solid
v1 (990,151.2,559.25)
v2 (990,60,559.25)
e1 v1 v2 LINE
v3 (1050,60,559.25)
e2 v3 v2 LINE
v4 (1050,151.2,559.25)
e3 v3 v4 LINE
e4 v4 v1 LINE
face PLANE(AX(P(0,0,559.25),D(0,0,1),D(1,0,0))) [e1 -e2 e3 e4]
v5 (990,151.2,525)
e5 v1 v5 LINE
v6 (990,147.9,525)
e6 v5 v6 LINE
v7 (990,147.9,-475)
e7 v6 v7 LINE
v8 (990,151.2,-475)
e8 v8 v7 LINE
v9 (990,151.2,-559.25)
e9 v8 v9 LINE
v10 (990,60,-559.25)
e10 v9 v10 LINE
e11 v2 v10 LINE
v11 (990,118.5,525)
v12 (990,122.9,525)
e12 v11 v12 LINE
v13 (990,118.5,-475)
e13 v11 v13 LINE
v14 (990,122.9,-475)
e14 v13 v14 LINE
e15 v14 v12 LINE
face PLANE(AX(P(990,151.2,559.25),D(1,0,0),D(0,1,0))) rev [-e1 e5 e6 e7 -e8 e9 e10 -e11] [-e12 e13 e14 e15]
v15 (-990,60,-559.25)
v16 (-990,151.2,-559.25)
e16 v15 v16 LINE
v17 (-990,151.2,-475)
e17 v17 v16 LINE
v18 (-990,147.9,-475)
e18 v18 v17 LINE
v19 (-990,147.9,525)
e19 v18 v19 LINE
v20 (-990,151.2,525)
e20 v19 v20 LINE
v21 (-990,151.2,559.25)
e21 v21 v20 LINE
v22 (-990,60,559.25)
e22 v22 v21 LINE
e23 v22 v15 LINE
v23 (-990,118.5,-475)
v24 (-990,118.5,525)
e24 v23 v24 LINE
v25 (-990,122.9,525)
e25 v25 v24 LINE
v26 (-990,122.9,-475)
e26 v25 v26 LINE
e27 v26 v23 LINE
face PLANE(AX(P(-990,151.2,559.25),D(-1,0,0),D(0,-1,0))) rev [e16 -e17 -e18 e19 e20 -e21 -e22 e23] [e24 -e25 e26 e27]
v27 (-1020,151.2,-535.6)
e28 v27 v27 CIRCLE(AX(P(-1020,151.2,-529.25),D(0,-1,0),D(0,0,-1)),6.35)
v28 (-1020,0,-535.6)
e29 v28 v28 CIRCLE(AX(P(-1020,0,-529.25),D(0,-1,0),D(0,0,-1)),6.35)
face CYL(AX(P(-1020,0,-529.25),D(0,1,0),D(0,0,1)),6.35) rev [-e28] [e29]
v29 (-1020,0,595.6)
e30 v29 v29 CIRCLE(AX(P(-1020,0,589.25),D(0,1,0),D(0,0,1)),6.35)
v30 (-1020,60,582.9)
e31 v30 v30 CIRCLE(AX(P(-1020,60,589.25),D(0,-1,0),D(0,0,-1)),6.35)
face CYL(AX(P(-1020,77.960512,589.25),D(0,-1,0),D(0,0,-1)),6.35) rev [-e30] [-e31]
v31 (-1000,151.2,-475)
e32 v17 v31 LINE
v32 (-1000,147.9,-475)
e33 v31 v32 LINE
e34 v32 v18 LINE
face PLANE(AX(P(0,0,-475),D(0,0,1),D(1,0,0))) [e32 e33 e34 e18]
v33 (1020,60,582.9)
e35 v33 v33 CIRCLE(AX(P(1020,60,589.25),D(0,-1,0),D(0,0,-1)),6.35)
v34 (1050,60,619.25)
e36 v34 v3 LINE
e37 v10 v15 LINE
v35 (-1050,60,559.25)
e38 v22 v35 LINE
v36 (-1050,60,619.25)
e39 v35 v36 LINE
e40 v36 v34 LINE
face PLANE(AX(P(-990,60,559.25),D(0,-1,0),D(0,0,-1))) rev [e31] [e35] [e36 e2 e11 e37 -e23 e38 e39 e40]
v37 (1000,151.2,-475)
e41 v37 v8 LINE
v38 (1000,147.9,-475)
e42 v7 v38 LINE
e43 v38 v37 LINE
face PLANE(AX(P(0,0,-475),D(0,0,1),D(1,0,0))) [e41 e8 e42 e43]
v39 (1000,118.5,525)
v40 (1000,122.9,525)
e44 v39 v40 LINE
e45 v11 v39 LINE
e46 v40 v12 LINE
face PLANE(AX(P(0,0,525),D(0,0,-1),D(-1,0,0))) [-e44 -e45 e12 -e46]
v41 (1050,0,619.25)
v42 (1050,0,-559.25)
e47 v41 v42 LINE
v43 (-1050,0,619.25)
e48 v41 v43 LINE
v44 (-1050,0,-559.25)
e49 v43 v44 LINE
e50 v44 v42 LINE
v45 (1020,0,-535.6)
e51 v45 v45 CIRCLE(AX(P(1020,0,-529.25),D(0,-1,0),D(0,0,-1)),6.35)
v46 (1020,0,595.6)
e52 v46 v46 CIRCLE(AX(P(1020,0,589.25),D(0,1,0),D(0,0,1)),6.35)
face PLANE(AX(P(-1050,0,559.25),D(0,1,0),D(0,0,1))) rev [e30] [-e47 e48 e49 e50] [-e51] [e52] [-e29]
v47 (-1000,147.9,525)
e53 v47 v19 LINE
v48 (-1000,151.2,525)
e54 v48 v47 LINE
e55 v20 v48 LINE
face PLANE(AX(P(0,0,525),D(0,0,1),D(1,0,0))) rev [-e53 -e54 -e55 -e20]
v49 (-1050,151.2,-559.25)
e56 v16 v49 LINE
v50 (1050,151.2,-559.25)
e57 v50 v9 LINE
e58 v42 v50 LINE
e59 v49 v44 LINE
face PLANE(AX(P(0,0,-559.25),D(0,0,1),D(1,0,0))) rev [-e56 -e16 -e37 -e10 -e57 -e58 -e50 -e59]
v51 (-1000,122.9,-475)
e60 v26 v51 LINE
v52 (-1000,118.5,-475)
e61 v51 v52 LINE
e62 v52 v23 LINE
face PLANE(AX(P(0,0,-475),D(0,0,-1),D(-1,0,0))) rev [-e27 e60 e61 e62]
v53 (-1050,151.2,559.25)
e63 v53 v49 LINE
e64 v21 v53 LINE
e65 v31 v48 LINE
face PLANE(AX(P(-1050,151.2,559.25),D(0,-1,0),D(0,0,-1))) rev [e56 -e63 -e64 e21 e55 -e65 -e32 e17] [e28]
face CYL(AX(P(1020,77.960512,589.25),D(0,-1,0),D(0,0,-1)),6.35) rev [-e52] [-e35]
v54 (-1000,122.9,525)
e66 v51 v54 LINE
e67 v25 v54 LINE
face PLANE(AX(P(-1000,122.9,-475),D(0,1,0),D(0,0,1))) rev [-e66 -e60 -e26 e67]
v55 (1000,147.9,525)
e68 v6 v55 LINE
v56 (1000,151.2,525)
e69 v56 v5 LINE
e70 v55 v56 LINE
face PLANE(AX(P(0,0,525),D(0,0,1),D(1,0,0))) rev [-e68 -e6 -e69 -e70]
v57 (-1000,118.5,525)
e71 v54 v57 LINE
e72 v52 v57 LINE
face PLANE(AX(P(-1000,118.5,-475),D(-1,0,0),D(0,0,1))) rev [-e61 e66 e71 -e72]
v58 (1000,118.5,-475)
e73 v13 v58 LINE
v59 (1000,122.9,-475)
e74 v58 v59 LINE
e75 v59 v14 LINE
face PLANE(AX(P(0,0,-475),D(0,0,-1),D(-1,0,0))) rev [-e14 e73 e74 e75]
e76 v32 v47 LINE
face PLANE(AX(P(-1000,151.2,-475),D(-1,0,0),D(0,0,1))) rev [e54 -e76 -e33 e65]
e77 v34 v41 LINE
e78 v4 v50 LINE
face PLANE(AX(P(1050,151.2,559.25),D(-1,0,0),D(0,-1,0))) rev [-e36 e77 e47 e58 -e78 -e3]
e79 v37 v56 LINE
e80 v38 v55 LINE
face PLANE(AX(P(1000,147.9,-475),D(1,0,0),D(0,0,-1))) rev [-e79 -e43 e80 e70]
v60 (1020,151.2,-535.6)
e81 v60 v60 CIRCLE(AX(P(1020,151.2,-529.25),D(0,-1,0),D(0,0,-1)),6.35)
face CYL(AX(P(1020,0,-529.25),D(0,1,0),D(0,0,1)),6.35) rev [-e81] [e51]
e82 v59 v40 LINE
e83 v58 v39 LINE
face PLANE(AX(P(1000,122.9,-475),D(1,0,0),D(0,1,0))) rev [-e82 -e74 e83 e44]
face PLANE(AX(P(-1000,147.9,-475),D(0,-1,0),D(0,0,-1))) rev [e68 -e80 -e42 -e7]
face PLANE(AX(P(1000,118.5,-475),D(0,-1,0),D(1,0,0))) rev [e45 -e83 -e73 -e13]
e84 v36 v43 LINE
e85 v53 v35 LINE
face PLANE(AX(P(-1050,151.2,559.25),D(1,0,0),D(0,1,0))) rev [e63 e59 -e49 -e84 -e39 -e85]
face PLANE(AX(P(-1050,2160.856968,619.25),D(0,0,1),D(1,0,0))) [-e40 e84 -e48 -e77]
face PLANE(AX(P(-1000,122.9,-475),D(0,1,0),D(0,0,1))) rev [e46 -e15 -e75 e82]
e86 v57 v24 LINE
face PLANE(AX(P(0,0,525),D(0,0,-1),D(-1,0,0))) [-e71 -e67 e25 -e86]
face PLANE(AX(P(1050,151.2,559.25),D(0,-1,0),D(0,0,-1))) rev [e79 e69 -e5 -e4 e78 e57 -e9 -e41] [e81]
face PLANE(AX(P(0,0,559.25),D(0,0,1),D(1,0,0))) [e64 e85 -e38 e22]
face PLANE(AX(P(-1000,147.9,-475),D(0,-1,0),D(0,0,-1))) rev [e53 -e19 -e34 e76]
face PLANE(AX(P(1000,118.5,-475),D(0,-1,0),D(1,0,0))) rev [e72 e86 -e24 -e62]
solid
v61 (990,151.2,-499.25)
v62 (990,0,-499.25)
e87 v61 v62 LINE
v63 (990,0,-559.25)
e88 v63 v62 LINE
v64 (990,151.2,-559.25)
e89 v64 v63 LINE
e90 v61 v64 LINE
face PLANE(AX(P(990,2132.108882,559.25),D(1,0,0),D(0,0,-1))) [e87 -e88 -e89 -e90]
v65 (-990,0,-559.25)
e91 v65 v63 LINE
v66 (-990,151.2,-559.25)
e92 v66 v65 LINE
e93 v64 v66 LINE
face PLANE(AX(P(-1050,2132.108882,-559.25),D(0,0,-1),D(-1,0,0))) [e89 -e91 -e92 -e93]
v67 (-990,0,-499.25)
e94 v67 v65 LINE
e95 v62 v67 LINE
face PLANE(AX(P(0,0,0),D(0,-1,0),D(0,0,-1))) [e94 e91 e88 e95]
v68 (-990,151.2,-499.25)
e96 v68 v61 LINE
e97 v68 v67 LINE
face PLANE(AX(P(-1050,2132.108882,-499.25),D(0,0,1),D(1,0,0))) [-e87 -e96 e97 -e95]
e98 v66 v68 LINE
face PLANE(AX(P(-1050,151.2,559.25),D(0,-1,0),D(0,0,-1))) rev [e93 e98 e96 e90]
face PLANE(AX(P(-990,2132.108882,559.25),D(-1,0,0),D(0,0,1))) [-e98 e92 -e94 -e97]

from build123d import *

# Parameters (mm, degrees)
BOSS_EXTRUDE1_DEPTH = 559.25
SKETCH4_W           = 1980
SKETCH4_H           = 60
BOSS_EXTRUDE2_DEPTH = 151.2
CUT_EXTRUDE2_START  = 25
SKETCH6_W           = 2000
SKETCH6_H           = 3.3
SKETCH6_H_2         = 4.4
CUT_EXTRUDE2_DEPTH  = 500
CUT_EXTRUDE3_START  = 151.2
SKETCH7_R           = 6.35
CUT_EXTRUDE3_DEPTH  = 1351.417245748
SKETCH8_W           = 2100
SKETCH8_H           = 60
BOSS_EXTRUDE3_DEPTH = 60
SKETCH9_R           = 6.35
CUT_EXTRUDE4_DEPTH  = 60


with BuildPart() as part:
    # Sketch3 → Boss-Extrude1 (new, symmetric)
    with BuildSketch(Plane.XY):
        Polygon((-990, 60), (990, 60), (990, 151.2), (1050, 151.2), (1050, 0), (-1050, 0), (-1050, 151.2), (-990, 151.2), align=None)
    extrude(amount=BOSS_EXTRUDE1_DEPTH, both=True)

    # Sketch6 → Cut-Extrude2 (cut, symmetric)
    with BuildSketch(Plane.XY.offset(CUT_EXTRUDE2_START)):
        with Locations((0, 149.55)):
            Rectangle(SKETCH6_W, SKETCH6_H)
        with Locations((0, 120.7)):
            Rectangle(SKETCH6_W, SKETCH6_H_2)
    extrude(amount=CUT_EXTRUDE2_DEPTH, both=True, mode=Mode.SUBTRACT)

    # Sketch7 → Cut-Extrude3 (cut, through all)
    with BuildSketch(Plane(origin=(0, 0, 0), x_dir=(1, 0, 0), z_dir=(0, 1, 0)).offset(CUT_EXTRUDE3_START)):
        with Locations(Location((1020, 529.25, 0), (0, 0, 90))):
            Circle(SKETCH7_R)
        with Locations(Location((-1020, 529.25, 0), (0, 0, 90))):
            Circle(SKETCH7_R)
    extrude(amount=-CUT_EXTRUDE3_DEPTH, mode=Mode.SUBTRACT)

    # Sketch8 → Boss-Extrude3 (add)
    with BuildSketch(Plane(origin=(0, 0, 0), x_dir=(1, 0, 0), z_dir=(0, 1, 0))):
        with Locations((0, -589.25)):
            Rectangle(SKETCH8_W, SKETCH8_H)
    extrude(amount=BOSS_EXTRUDE3_DEPTH)

    # Sketch9 → Cut-Extrude4 (cut)
    with BuildSketch(Plane(origin=(0, 0, 0), x_dir=(1, 0, 0), z_dir=(0, 1, 0))):
        with Locations(Location((-1020, -589.25, 0), (0, 0, 90))):
            Circle(SKETCH9_R)
        with Locations(Location((1020, -589.25, 0), (0, 0, 90))):
            Circle(SKETCH9_R)
    extrude(amount=CUT_EXTRUDE4_DEPTH, mode=Mode.SUBTRACT)


with BuildPart() as body_2:
    # Sketch4 → Boss-Extrude2 (new body)
    with BuildSketch(Plane(origin=(0, 0, 0), x_dir=(1, 0, 0), z_dir=(0, 1, 0))):
        with Locations((0, 529.25)):
            Rectangle(SKETCH4_W, SKETCH4_H)
    extrude(amount=BOSS_EXTRUDE2_DEPTH)


solid = Compound([part.part, body_2.part])
